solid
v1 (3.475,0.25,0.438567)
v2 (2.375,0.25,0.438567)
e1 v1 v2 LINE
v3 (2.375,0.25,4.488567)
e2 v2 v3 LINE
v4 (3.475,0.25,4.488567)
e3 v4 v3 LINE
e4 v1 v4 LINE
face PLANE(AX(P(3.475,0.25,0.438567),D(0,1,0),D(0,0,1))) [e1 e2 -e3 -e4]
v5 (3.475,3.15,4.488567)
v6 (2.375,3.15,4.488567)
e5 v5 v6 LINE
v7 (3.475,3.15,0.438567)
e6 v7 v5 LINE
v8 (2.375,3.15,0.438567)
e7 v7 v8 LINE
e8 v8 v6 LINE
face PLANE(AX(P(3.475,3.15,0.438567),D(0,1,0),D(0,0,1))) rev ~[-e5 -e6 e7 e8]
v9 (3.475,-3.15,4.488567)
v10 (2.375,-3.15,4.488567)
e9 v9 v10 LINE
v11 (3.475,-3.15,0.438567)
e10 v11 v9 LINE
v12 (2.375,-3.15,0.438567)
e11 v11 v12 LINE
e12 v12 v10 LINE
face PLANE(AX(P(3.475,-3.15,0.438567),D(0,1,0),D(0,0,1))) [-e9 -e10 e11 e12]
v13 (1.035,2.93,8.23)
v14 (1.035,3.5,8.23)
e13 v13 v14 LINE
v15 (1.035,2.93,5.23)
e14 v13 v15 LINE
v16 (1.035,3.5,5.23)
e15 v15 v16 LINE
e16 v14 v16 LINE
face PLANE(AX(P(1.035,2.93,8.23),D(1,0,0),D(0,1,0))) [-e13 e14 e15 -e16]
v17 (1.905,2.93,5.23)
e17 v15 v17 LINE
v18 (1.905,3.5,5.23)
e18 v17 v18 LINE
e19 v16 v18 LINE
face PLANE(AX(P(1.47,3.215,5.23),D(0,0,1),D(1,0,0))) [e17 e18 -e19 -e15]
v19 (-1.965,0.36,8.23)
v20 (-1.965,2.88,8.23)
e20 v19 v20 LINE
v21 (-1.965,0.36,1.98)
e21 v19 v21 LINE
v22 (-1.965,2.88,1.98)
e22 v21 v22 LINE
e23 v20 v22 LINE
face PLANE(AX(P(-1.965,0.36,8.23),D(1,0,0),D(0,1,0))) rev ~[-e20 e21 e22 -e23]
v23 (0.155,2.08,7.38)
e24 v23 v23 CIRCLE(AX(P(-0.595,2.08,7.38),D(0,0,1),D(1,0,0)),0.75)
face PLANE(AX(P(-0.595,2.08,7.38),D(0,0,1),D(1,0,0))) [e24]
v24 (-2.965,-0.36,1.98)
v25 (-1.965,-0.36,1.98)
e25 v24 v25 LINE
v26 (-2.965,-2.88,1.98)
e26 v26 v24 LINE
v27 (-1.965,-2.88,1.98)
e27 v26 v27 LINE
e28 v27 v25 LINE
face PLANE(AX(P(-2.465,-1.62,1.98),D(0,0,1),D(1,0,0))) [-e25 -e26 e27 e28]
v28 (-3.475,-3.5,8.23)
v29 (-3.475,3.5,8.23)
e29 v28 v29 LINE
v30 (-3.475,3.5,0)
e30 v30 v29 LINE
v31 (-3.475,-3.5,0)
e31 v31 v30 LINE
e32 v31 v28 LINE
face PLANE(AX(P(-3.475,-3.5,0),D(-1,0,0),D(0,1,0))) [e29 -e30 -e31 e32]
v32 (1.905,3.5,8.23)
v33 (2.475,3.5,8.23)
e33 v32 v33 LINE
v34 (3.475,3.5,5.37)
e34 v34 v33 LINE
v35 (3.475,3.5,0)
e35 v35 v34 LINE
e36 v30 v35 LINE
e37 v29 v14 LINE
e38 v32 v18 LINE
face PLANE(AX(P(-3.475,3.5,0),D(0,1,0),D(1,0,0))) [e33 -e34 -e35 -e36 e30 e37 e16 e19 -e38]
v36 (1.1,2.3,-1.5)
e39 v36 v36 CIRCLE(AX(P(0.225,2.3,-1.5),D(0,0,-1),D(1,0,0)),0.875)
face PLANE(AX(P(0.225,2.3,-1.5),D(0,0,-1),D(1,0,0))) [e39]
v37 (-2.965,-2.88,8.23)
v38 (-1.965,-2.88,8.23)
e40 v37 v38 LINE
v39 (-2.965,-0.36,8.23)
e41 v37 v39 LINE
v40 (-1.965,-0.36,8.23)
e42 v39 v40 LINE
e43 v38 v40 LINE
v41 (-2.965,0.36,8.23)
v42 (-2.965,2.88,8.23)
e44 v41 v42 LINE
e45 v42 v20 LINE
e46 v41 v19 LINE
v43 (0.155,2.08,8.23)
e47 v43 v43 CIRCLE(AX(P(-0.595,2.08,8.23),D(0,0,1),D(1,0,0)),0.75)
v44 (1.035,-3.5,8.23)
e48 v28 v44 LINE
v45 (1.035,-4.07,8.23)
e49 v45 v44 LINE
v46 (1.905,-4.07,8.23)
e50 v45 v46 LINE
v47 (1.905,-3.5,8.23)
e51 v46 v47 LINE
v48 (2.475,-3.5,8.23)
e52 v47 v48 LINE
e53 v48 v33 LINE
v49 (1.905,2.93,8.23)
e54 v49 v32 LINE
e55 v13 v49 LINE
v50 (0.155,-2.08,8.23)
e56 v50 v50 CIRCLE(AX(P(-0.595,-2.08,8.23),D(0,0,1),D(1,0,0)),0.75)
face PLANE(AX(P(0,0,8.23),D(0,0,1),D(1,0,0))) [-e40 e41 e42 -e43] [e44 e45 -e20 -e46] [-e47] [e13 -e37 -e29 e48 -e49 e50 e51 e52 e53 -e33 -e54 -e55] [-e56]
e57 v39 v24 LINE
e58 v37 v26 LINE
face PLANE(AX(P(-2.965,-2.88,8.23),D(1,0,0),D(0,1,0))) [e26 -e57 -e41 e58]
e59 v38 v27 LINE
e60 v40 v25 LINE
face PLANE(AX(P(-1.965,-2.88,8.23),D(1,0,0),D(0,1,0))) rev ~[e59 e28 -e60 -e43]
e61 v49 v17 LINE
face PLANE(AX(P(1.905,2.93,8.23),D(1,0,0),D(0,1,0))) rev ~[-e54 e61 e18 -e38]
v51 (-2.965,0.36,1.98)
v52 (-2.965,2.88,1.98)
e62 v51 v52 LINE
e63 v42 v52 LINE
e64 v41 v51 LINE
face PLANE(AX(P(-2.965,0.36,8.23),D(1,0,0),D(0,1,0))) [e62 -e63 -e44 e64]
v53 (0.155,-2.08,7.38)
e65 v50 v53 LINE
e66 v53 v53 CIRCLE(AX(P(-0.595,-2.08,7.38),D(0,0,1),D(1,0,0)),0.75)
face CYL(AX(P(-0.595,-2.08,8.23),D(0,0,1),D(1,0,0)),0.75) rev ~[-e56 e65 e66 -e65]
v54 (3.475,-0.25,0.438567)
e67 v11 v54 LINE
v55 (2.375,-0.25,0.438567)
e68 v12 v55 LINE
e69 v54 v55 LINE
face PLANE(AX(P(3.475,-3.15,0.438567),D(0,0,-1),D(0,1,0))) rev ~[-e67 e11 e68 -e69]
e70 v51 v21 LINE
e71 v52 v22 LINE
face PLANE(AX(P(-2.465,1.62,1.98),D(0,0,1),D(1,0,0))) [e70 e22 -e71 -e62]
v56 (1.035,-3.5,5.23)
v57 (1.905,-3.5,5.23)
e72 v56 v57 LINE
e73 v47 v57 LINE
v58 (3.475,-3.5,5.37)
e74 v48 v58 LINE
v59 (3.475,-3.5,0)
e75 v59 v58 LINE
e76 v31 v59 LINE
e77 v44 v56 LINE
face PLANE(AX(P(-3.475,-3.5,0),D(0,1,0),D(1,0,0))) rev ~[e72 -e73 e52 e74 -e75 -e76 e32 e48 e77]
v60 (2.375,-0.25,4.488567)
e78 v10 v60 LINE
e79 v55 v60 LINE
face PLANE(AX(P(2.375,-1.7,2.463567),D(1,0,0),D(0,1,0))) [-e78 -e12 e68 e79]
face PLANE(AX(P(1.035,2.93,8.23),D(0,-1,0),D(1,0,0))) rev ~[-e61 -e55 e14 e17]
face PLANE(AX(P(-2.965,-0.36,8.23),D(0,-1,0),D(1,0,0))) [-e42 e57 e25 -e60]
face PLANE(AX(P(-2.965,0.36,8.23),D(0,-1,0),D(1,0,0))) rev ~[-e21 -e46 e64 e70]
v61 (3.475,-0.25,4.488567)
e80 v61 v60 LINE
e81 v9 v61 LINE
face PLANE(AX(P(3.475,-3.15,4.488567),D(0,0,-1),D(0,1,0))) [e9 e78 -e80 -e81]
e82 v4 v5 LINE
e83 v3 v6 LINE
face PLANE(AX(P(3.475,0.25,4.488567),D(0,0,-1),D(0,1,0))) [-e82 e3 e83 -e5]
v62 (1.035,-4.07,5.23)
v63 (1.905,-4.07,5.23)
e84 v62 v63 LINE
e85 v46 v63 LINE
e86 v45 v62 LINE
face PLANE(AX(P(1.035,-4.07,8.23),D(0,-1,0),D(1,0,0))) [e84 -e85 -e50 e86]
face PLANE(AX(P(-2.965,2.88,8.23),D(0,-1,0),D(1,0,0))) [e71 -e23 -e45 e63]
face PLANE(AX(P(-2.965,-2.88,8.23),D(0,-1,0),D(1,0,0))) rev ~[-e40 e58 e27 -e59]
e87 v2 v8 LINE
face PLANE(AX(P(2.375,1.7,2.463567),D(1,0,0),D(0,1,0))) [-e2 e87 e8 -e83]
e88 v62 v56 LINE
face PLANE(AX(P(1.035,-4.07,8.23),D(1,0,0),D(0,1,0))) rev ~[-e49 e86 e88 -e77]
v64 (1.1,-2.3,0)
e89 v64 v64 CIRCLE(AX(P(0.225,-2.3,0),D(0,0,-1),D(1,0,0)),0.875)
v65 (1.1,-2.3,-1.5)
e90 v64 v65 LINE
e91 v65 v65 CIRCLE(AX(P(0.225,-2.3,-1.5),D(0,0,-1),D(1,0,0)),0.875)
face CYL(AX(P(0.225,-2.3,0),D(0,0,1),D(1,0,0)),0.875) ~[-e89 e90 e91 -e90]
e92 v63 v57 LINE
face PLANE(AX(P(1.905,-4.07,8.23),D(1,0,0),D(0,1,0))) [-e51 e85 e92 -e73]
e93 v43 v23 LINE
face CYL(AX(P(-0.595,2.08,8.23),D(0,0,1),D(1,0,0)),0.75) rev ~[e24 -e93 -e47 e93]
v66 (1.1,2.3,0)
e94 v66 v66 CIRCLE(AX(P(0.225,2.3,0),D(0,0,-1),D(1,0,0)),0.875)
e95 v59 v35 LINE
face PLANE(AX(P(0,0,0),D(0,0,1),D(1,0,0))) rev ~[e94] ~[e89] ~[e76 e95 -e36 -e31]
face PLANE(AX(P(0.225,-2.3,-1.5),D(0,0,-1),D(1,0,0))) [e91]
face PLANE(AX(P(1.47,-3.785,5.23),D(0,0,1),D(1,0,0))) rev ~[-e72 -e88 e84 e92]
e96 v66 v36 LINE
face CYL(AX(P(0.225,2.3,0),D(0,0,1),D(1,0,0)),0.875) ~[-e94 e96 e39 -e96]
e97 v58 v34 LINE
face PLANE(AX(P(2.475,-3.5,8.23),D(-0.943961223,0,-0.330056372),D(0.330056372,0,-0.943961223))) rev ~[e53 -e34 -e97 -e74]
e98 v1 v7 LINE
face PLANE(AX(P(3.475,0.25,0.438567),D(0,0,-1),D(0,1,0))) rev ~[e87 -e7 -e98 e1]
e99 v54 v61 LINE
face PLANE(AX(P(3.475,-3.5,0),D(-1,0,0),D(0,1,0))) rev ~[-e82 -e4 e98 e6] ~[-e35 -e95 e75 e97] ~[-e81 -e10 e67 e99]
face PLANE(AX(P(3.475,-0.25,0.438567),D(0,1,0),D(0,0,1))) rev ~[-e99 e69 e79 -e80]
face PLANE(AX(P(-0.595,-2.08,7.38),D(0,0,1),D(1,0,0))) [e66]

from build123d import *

# Parameters (mm, degrees)
F0_W      = 6.95
F0_H      = 7
F1_DEPTH  = 8.23
F3_DEPTH  = 7.001
F4_W      = 2.9
F4_H      = 4.05
F5_DEPTH  = 1.1
F6_W      = 0.87
F6_H      = 0.57
F7_DEPTH  = 3
F8_W      = 0.87
F8_H      = 0.57
F9_DEPTH  = 3
F10_R     = 0.75
F11_DEPTH = 0.85
F12_W     = 1
F12_H     = 2.52
F13_DEPTH = 6.25
F14_R     = 0.875
F15_DEPTH = 1.5


with BuildPart() as f1:
    # F0 (on Top) → F1 (new body)
    with BuildSketch(Plane.XY):
        Rectangle(F0_W, F0_H)
    extrude(amount=F1_DEPTH)

    # F2 (on face) → F3 (cut, through all)
    with BuildSketch(Plane.XZ.offset(3.5)):
        Polygon((3.475, 8.23), (2.475, 8.23), (3.475, 5.37), align=None)
    extrude(amount=-F3_DEPTH, mode=Mode.SUBTRACT)

    # F4 (on face) → F5 (cut)
    with BuildSketch(Plane.YZ.offset(3.475)):
        with Locations((-1.7, 2.4635673035)):
            Rectangle(F4_W, F4_H)
        with Locations((1.7, 2.4635673035)):
            Rectangle(F4_W, F4_H)
    extrude(amount=-F5_DEPTH, mode=Mode.SUBTRACT)

    # F6 (on face) → F7 (join)
    with BuildSketch(Plane.XY.offset(8.23)):
        with Locations((1.47, -3.785)):
            Rectangle(F6_W, F6_H)
    extrude(amount=-F7_DEPTH)

    # F8 (on face) → F9 (cut)
    with BuildSketch(Plane.XY.offset(8.23)):
        with Locations((1.47, 3.215)):
            Rectangle(F8_W, F8_H)
    extrude(amount=-F9_DEPTH, mode=Mode.SUBTRACT)

    # F10 (on face) → F11 (cut)
    with BuildSketch(Plane.XY.offset(8.23)):
        with Locations((-0.595, -2.08)):
            Circle(F10_R)
        with Locations((-0.595, 2.08)):
            Circle(F10_R)
    extrude(amount=-F11_DEPTH, mode=Mode.SUBTRACT)

    # F12 (on face) → F13 (cut)
    with BuildSketch(Plane.XY.offset(8.23)):
        with Locations((-2.465, -1.62)):
            Rectangle(F12_W, F12_H)
        with Locations((-2.465, 1.62)):
            Rectangle(F12_W, F12_H)
    extrude(amount=-F13_DEPTH, mode=Mode.SUBTRACT)

    # F14 (on face) → F15 (join)
    with BuildSketch(Plane(origin=(0, 0, 0), x_dir=(1, 0, 0), z_dir=(0, 0, -1))):
        with Locations((0.225, 2.3)):
            Circle(F14_R)
        with Locations((0.225, -2.3)):
            Circle(F14_R)
    extrude(amount=F15_DEPTH)


solid = f1.part
